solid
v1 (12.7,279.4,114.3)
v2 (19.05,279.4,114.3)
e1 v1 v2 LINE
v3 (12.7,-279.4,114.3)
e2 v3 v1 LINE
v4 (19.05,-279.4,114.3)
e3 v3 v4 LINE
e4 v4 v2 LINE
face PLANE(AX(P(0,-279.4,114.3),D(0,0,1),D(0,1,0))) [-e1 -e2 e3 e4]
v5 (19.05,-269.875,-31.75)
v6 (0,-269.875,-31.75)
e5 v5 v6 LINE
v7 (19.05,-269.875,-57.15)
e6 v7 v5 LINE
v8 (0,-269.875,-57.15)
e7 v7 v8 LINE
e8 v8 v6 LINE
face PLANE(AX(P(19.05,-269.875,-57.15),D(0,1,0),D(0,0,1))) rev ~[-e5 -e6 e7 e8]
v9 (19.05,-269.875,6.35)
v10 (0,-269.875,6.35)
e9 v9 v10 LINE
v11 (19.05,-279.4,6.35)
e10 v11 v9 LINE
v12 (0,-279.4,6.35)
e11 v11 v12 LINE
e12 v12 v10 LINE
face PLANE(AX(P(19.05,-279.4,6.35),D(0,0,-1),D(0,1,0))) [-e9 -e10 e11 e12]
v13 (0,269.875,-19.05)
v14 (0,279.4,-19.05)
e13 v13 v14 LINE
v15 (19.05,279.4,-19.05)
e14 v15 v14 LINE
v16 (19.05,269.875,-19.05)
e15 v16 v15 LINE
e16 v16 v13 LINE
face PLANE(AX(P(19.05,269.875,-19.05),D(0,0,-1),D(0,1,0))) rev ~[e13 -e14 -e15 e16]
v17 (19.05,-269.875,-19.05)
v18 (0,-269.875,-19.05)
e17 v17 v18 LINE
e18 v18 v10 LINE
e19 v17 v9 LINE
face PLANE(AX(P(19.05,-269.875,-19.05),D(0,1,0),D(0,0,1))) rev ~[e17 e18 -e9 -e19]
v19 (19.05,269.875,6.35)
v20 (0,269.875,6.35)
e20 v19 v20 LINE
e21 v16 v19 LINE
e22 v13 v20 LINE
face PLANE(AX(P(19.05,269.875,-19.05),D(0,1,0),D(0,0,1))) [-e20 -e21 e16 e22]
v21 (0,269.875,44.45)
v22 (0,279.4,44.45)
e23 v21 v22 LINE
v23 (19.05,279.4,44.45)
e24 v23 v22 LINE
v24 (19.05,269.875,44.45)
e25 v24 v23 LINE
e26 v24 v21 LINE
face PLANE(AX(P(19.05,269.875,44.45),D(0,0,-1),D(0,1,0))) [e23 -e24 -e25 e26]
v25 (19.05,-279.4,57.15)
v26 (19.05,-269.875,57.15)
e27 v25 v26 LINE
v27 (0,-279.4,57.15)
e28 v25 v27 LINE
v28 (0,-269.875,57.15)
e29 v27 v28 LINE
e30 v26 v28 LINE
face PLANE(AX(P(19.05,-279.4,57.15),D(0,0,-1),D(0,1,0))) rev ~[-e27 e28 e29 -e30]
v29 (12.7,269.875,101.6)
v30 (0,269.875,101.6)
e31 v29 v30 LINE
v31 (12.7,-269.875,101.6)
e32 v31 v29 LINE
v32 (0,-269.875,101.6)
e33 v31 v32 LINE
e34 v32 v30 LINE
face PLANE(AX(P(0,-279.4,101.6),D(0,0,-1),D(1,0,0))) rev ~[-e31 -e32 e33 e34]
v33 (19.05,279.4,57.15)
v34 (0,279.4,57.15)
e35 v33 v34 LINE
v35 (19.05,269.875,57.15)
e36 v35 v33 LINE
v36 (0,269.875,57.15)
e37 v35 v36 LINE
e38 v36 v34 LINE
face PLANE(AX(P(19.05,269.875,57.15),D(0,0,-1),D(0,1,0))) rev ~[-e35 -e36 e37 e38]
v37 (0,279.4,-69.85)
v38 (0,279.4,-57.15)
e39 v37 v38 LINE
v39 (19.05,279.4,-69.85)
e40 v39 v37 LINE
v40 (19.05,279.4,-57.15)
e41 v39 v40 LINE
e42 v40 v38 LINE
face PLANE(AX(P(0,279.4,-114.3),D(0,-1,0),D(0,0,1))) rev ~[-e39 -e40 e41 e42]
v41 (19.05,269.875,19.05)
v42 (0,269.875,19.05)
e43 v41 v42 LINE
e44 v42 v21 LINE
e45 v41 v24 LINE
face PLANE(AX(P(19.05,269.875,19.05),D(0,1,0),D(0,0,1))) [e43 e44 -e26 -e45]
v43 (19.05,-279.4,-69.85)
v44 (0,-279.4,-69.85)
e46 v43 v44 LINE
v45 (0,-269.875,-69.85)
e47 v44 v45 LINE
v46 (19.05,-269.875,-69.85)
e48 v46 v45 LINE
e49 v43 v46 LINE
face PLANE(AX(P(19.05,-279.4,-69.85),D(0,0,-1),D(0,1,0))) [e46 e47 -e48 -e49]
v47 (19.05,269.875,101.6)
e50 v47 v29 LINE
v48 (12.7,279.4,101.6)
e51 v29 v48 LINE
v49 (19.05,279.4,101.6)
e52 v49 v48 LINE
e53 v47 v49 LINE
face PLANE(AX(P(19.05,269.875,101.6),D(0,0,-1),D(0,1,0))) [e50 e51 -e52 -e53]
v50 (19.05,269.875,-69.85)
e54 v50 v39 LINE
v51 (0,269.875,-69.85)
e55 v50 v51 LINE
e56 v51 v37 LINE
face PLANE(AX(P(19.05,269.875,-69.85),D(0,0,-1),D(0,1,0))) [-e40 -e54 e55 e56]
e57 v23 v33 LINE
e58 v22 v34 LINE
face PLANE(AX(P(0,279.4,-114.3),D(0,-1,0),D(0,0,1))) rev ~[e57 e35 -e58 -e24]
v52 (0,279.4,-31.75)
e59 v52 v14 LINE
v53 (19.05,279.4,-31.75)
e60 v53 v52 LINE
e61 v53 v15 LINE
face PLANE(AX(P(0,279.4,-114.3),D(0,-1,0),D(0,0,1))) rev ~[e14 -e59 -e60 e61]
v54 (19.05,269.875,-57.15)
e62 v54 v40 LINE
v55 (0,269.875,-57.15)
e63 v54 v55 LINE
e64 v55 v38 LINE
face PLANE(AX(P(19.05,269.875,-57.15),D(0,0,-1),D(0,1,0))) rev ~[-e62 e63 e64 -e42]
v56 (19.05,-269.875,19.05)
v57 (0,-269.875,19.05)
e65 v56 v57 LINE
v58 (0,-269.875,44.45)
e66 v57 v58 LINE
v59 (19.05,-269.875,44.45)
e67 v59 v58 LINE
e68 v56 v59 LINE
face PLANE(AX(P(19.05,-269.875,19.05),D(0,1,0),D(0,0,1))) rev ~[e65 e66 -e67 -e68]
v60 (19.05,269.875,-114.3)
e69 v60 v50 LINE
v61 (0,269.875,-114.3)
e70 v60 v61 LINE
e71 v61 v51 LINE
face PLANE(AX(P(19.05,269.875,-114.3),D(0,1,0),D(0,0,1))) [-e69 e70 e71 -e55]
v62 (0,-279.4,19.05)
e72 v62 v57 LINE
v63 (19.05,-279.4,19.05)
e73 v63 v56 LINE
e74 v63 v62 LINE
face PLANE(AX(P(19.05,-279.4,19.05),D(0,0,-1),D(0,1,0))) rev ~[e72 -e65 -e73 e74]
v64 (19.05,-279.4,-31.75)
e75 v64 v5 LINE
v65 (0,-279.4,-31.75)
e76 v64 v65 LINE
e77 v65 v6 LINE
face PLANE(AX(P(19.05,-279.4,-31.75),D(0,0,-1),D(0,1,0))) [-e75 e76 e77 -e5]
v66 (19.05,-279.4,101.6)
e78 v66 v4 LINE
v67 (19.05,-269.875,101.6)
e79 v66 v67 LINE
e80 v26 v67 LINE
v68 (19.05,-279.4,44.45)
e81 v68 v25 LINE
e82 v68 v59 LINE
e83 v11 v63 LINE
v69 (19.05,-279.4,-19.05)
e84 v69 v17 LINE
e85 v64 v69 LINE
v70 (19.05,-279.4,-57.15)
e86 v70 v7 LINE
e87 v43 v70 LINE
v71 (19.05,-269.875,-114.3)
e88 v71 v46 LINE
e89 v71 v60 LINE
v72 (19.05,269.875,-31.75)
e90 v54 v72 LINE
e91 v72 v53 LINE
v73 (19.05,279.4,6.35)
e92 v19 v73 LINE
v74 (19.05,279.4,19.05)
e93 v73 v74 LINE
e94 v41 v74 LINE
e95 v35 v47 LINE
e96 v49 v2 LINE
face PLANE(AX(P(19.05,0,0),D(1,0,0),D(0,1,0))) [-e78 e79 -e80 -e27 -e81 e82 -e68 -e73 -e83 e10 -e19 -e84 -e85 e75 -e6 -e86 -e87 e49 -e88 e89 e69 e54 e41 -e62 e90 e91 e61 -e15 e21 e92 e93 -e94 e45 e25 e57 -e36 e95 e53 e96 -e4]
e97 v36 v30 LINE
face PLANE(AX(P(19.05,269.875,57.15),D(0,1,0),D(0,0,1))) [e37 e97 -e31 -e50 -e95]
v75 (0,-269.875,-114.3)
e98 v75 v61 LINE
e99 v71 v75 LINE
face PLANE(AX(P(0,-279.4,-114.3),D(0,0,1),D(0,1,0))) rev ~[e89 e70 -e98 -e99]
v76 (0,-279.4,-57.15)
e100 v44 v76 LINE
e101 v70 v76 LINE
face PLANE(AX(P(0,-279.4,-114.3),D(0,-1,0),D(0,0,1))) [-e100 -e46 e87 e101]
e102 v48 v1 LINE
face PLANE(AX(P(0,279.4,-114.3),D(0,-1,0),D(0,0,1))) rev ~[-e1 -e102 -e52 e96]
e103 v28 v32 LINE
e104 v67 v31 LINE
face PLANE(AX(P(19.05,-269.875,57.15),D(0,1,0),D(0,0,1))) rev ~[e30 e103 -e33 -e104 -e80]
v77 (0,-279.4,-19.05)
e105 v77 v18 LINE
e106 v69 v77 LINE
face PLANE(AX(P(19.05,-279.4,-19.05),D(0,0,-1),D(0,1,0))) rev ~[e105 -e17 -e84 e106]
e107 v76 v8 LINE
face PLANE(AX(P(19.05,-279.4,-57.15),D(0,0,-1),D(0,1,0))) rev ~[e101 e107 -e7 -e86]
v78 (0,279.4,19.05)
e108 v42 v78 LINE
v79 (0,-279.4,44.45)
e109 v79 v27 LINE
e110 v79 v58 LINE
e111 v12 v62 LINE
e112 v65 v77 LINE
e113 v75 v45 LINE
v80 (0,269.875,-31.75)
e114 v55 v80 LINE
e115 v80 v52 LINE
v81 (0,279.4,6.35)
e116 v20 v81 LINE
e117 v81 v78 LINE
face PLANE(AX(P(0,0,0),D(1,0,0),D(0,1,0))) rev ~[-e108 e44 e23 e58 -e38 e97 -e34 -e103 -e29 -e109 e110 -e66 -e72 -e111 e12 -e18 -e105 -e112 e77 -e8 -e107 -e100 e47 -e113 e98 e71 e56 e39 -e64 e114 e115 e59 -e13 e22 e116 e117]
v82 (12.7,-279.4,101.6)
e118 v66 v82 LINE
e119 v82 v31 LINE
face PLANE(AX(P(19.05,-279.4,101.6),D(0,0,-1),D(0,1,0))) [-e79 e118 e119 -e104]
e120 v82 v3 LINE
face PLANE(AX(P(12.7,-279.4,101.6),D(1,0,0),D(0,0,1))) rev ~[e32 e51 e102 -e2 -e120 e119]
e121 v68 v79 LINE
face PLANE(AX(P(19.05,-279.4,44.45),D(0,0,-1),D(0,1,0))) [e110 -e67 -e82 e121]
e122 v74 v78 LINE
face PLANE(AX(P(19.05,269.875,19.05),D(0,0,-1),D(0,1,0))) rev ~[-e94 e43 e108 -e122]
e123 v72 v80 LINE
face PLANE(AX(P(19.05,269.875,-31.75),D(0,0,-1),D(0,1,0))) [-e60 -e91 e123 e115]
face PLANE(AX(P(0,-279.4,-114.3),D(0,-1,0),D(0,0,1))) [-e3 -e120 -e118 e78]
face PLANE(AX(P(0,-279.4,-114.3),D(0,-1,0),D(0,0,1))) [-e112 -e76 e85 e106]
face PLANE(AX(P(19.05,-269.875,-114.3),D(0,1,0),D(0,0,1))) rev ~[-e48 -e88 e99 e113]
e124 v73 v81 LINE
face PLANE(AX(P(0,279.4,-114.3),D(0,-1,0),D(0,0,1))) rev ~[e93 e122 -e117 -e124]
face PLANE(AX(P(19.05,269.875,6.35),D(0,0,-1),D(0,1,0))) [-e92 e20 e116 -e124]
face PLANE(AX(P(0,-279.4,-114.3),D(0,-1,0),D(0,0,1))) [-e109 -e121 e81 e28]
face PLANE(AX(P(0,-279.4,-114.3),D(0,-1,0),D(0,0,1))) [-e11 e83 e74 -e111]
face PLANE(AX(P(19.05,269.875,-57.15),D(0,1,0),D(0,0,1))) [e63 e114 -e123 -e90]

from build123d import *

# Parameters (mm, degrees)
F0_W     = 558.8
F0_H     = 228.6
F1_DEPTH = 19.05
F2_W     = 12.7
F2_H     = 12.7
F3_DEPTH = 558.8
F4_W     = 9.525
F4_H     = 44.45
F4_H_2   = 25.4
F5_DEPTH = 19.05


with BuildPart() as f1:
    # F0 (on Right) → F1 (new body)
    with BuildSketch(Plane.YZ):
        Rectangle(F0_W, F0_H)
    extrude(amount=F1_DEPTH)

    # F2 (on face) → F3 (cut, through all)
    with BuildSketch(Plane.XZ.offset(279.4)):
        with Locations((6.35, 107.95)):
            Rectangle(F2_W, F2_H)
    extrude(amount=-F3_DEPTH, mode=Mode.SUBTRACT)

    # F4 (on face) → F5 (cut, through all)
    with BuildSketch(Plane.YZ.offset(19.05)):
        with Locations((-274.6375, 79.375)):
            Rectangle(F4_W, F4_H)
        with Locations((-274.6375, 31.75)):
            Rectangle(F4_W, F4_H_2)
        with Locations((-274.6375, -6.35)):
            Rectangle(F4_W, F4_H_2)
        with Locations((-274.6375, -44.45)):
            Rectangle(F4_W, F4_H_2)
        with Locations((-274.6375, -92.075)):
            Rectangle(F4_W, F4_H)
        with Locations((274.6375, 79.375)):
            Rectangle(F4_W, F4_H)
        with Locations((274.6375, 31.75)):
            Rectangle(F4_W, F4_H_2)
        with Locations((274.6375, -6.35)):
            Rectangle(F4_W, F4_H_2)
        with Locations((274.6375, -44.45)):
            Rectangle(F4_W, F4_H_2)
        with Locations((274.6375, -92.075)):
            Rectangle(F4_W, F4_H)
    extrude(amount=-F5_DEPTH, mode=Mode.SUBTRACT)


solid = f1.part
